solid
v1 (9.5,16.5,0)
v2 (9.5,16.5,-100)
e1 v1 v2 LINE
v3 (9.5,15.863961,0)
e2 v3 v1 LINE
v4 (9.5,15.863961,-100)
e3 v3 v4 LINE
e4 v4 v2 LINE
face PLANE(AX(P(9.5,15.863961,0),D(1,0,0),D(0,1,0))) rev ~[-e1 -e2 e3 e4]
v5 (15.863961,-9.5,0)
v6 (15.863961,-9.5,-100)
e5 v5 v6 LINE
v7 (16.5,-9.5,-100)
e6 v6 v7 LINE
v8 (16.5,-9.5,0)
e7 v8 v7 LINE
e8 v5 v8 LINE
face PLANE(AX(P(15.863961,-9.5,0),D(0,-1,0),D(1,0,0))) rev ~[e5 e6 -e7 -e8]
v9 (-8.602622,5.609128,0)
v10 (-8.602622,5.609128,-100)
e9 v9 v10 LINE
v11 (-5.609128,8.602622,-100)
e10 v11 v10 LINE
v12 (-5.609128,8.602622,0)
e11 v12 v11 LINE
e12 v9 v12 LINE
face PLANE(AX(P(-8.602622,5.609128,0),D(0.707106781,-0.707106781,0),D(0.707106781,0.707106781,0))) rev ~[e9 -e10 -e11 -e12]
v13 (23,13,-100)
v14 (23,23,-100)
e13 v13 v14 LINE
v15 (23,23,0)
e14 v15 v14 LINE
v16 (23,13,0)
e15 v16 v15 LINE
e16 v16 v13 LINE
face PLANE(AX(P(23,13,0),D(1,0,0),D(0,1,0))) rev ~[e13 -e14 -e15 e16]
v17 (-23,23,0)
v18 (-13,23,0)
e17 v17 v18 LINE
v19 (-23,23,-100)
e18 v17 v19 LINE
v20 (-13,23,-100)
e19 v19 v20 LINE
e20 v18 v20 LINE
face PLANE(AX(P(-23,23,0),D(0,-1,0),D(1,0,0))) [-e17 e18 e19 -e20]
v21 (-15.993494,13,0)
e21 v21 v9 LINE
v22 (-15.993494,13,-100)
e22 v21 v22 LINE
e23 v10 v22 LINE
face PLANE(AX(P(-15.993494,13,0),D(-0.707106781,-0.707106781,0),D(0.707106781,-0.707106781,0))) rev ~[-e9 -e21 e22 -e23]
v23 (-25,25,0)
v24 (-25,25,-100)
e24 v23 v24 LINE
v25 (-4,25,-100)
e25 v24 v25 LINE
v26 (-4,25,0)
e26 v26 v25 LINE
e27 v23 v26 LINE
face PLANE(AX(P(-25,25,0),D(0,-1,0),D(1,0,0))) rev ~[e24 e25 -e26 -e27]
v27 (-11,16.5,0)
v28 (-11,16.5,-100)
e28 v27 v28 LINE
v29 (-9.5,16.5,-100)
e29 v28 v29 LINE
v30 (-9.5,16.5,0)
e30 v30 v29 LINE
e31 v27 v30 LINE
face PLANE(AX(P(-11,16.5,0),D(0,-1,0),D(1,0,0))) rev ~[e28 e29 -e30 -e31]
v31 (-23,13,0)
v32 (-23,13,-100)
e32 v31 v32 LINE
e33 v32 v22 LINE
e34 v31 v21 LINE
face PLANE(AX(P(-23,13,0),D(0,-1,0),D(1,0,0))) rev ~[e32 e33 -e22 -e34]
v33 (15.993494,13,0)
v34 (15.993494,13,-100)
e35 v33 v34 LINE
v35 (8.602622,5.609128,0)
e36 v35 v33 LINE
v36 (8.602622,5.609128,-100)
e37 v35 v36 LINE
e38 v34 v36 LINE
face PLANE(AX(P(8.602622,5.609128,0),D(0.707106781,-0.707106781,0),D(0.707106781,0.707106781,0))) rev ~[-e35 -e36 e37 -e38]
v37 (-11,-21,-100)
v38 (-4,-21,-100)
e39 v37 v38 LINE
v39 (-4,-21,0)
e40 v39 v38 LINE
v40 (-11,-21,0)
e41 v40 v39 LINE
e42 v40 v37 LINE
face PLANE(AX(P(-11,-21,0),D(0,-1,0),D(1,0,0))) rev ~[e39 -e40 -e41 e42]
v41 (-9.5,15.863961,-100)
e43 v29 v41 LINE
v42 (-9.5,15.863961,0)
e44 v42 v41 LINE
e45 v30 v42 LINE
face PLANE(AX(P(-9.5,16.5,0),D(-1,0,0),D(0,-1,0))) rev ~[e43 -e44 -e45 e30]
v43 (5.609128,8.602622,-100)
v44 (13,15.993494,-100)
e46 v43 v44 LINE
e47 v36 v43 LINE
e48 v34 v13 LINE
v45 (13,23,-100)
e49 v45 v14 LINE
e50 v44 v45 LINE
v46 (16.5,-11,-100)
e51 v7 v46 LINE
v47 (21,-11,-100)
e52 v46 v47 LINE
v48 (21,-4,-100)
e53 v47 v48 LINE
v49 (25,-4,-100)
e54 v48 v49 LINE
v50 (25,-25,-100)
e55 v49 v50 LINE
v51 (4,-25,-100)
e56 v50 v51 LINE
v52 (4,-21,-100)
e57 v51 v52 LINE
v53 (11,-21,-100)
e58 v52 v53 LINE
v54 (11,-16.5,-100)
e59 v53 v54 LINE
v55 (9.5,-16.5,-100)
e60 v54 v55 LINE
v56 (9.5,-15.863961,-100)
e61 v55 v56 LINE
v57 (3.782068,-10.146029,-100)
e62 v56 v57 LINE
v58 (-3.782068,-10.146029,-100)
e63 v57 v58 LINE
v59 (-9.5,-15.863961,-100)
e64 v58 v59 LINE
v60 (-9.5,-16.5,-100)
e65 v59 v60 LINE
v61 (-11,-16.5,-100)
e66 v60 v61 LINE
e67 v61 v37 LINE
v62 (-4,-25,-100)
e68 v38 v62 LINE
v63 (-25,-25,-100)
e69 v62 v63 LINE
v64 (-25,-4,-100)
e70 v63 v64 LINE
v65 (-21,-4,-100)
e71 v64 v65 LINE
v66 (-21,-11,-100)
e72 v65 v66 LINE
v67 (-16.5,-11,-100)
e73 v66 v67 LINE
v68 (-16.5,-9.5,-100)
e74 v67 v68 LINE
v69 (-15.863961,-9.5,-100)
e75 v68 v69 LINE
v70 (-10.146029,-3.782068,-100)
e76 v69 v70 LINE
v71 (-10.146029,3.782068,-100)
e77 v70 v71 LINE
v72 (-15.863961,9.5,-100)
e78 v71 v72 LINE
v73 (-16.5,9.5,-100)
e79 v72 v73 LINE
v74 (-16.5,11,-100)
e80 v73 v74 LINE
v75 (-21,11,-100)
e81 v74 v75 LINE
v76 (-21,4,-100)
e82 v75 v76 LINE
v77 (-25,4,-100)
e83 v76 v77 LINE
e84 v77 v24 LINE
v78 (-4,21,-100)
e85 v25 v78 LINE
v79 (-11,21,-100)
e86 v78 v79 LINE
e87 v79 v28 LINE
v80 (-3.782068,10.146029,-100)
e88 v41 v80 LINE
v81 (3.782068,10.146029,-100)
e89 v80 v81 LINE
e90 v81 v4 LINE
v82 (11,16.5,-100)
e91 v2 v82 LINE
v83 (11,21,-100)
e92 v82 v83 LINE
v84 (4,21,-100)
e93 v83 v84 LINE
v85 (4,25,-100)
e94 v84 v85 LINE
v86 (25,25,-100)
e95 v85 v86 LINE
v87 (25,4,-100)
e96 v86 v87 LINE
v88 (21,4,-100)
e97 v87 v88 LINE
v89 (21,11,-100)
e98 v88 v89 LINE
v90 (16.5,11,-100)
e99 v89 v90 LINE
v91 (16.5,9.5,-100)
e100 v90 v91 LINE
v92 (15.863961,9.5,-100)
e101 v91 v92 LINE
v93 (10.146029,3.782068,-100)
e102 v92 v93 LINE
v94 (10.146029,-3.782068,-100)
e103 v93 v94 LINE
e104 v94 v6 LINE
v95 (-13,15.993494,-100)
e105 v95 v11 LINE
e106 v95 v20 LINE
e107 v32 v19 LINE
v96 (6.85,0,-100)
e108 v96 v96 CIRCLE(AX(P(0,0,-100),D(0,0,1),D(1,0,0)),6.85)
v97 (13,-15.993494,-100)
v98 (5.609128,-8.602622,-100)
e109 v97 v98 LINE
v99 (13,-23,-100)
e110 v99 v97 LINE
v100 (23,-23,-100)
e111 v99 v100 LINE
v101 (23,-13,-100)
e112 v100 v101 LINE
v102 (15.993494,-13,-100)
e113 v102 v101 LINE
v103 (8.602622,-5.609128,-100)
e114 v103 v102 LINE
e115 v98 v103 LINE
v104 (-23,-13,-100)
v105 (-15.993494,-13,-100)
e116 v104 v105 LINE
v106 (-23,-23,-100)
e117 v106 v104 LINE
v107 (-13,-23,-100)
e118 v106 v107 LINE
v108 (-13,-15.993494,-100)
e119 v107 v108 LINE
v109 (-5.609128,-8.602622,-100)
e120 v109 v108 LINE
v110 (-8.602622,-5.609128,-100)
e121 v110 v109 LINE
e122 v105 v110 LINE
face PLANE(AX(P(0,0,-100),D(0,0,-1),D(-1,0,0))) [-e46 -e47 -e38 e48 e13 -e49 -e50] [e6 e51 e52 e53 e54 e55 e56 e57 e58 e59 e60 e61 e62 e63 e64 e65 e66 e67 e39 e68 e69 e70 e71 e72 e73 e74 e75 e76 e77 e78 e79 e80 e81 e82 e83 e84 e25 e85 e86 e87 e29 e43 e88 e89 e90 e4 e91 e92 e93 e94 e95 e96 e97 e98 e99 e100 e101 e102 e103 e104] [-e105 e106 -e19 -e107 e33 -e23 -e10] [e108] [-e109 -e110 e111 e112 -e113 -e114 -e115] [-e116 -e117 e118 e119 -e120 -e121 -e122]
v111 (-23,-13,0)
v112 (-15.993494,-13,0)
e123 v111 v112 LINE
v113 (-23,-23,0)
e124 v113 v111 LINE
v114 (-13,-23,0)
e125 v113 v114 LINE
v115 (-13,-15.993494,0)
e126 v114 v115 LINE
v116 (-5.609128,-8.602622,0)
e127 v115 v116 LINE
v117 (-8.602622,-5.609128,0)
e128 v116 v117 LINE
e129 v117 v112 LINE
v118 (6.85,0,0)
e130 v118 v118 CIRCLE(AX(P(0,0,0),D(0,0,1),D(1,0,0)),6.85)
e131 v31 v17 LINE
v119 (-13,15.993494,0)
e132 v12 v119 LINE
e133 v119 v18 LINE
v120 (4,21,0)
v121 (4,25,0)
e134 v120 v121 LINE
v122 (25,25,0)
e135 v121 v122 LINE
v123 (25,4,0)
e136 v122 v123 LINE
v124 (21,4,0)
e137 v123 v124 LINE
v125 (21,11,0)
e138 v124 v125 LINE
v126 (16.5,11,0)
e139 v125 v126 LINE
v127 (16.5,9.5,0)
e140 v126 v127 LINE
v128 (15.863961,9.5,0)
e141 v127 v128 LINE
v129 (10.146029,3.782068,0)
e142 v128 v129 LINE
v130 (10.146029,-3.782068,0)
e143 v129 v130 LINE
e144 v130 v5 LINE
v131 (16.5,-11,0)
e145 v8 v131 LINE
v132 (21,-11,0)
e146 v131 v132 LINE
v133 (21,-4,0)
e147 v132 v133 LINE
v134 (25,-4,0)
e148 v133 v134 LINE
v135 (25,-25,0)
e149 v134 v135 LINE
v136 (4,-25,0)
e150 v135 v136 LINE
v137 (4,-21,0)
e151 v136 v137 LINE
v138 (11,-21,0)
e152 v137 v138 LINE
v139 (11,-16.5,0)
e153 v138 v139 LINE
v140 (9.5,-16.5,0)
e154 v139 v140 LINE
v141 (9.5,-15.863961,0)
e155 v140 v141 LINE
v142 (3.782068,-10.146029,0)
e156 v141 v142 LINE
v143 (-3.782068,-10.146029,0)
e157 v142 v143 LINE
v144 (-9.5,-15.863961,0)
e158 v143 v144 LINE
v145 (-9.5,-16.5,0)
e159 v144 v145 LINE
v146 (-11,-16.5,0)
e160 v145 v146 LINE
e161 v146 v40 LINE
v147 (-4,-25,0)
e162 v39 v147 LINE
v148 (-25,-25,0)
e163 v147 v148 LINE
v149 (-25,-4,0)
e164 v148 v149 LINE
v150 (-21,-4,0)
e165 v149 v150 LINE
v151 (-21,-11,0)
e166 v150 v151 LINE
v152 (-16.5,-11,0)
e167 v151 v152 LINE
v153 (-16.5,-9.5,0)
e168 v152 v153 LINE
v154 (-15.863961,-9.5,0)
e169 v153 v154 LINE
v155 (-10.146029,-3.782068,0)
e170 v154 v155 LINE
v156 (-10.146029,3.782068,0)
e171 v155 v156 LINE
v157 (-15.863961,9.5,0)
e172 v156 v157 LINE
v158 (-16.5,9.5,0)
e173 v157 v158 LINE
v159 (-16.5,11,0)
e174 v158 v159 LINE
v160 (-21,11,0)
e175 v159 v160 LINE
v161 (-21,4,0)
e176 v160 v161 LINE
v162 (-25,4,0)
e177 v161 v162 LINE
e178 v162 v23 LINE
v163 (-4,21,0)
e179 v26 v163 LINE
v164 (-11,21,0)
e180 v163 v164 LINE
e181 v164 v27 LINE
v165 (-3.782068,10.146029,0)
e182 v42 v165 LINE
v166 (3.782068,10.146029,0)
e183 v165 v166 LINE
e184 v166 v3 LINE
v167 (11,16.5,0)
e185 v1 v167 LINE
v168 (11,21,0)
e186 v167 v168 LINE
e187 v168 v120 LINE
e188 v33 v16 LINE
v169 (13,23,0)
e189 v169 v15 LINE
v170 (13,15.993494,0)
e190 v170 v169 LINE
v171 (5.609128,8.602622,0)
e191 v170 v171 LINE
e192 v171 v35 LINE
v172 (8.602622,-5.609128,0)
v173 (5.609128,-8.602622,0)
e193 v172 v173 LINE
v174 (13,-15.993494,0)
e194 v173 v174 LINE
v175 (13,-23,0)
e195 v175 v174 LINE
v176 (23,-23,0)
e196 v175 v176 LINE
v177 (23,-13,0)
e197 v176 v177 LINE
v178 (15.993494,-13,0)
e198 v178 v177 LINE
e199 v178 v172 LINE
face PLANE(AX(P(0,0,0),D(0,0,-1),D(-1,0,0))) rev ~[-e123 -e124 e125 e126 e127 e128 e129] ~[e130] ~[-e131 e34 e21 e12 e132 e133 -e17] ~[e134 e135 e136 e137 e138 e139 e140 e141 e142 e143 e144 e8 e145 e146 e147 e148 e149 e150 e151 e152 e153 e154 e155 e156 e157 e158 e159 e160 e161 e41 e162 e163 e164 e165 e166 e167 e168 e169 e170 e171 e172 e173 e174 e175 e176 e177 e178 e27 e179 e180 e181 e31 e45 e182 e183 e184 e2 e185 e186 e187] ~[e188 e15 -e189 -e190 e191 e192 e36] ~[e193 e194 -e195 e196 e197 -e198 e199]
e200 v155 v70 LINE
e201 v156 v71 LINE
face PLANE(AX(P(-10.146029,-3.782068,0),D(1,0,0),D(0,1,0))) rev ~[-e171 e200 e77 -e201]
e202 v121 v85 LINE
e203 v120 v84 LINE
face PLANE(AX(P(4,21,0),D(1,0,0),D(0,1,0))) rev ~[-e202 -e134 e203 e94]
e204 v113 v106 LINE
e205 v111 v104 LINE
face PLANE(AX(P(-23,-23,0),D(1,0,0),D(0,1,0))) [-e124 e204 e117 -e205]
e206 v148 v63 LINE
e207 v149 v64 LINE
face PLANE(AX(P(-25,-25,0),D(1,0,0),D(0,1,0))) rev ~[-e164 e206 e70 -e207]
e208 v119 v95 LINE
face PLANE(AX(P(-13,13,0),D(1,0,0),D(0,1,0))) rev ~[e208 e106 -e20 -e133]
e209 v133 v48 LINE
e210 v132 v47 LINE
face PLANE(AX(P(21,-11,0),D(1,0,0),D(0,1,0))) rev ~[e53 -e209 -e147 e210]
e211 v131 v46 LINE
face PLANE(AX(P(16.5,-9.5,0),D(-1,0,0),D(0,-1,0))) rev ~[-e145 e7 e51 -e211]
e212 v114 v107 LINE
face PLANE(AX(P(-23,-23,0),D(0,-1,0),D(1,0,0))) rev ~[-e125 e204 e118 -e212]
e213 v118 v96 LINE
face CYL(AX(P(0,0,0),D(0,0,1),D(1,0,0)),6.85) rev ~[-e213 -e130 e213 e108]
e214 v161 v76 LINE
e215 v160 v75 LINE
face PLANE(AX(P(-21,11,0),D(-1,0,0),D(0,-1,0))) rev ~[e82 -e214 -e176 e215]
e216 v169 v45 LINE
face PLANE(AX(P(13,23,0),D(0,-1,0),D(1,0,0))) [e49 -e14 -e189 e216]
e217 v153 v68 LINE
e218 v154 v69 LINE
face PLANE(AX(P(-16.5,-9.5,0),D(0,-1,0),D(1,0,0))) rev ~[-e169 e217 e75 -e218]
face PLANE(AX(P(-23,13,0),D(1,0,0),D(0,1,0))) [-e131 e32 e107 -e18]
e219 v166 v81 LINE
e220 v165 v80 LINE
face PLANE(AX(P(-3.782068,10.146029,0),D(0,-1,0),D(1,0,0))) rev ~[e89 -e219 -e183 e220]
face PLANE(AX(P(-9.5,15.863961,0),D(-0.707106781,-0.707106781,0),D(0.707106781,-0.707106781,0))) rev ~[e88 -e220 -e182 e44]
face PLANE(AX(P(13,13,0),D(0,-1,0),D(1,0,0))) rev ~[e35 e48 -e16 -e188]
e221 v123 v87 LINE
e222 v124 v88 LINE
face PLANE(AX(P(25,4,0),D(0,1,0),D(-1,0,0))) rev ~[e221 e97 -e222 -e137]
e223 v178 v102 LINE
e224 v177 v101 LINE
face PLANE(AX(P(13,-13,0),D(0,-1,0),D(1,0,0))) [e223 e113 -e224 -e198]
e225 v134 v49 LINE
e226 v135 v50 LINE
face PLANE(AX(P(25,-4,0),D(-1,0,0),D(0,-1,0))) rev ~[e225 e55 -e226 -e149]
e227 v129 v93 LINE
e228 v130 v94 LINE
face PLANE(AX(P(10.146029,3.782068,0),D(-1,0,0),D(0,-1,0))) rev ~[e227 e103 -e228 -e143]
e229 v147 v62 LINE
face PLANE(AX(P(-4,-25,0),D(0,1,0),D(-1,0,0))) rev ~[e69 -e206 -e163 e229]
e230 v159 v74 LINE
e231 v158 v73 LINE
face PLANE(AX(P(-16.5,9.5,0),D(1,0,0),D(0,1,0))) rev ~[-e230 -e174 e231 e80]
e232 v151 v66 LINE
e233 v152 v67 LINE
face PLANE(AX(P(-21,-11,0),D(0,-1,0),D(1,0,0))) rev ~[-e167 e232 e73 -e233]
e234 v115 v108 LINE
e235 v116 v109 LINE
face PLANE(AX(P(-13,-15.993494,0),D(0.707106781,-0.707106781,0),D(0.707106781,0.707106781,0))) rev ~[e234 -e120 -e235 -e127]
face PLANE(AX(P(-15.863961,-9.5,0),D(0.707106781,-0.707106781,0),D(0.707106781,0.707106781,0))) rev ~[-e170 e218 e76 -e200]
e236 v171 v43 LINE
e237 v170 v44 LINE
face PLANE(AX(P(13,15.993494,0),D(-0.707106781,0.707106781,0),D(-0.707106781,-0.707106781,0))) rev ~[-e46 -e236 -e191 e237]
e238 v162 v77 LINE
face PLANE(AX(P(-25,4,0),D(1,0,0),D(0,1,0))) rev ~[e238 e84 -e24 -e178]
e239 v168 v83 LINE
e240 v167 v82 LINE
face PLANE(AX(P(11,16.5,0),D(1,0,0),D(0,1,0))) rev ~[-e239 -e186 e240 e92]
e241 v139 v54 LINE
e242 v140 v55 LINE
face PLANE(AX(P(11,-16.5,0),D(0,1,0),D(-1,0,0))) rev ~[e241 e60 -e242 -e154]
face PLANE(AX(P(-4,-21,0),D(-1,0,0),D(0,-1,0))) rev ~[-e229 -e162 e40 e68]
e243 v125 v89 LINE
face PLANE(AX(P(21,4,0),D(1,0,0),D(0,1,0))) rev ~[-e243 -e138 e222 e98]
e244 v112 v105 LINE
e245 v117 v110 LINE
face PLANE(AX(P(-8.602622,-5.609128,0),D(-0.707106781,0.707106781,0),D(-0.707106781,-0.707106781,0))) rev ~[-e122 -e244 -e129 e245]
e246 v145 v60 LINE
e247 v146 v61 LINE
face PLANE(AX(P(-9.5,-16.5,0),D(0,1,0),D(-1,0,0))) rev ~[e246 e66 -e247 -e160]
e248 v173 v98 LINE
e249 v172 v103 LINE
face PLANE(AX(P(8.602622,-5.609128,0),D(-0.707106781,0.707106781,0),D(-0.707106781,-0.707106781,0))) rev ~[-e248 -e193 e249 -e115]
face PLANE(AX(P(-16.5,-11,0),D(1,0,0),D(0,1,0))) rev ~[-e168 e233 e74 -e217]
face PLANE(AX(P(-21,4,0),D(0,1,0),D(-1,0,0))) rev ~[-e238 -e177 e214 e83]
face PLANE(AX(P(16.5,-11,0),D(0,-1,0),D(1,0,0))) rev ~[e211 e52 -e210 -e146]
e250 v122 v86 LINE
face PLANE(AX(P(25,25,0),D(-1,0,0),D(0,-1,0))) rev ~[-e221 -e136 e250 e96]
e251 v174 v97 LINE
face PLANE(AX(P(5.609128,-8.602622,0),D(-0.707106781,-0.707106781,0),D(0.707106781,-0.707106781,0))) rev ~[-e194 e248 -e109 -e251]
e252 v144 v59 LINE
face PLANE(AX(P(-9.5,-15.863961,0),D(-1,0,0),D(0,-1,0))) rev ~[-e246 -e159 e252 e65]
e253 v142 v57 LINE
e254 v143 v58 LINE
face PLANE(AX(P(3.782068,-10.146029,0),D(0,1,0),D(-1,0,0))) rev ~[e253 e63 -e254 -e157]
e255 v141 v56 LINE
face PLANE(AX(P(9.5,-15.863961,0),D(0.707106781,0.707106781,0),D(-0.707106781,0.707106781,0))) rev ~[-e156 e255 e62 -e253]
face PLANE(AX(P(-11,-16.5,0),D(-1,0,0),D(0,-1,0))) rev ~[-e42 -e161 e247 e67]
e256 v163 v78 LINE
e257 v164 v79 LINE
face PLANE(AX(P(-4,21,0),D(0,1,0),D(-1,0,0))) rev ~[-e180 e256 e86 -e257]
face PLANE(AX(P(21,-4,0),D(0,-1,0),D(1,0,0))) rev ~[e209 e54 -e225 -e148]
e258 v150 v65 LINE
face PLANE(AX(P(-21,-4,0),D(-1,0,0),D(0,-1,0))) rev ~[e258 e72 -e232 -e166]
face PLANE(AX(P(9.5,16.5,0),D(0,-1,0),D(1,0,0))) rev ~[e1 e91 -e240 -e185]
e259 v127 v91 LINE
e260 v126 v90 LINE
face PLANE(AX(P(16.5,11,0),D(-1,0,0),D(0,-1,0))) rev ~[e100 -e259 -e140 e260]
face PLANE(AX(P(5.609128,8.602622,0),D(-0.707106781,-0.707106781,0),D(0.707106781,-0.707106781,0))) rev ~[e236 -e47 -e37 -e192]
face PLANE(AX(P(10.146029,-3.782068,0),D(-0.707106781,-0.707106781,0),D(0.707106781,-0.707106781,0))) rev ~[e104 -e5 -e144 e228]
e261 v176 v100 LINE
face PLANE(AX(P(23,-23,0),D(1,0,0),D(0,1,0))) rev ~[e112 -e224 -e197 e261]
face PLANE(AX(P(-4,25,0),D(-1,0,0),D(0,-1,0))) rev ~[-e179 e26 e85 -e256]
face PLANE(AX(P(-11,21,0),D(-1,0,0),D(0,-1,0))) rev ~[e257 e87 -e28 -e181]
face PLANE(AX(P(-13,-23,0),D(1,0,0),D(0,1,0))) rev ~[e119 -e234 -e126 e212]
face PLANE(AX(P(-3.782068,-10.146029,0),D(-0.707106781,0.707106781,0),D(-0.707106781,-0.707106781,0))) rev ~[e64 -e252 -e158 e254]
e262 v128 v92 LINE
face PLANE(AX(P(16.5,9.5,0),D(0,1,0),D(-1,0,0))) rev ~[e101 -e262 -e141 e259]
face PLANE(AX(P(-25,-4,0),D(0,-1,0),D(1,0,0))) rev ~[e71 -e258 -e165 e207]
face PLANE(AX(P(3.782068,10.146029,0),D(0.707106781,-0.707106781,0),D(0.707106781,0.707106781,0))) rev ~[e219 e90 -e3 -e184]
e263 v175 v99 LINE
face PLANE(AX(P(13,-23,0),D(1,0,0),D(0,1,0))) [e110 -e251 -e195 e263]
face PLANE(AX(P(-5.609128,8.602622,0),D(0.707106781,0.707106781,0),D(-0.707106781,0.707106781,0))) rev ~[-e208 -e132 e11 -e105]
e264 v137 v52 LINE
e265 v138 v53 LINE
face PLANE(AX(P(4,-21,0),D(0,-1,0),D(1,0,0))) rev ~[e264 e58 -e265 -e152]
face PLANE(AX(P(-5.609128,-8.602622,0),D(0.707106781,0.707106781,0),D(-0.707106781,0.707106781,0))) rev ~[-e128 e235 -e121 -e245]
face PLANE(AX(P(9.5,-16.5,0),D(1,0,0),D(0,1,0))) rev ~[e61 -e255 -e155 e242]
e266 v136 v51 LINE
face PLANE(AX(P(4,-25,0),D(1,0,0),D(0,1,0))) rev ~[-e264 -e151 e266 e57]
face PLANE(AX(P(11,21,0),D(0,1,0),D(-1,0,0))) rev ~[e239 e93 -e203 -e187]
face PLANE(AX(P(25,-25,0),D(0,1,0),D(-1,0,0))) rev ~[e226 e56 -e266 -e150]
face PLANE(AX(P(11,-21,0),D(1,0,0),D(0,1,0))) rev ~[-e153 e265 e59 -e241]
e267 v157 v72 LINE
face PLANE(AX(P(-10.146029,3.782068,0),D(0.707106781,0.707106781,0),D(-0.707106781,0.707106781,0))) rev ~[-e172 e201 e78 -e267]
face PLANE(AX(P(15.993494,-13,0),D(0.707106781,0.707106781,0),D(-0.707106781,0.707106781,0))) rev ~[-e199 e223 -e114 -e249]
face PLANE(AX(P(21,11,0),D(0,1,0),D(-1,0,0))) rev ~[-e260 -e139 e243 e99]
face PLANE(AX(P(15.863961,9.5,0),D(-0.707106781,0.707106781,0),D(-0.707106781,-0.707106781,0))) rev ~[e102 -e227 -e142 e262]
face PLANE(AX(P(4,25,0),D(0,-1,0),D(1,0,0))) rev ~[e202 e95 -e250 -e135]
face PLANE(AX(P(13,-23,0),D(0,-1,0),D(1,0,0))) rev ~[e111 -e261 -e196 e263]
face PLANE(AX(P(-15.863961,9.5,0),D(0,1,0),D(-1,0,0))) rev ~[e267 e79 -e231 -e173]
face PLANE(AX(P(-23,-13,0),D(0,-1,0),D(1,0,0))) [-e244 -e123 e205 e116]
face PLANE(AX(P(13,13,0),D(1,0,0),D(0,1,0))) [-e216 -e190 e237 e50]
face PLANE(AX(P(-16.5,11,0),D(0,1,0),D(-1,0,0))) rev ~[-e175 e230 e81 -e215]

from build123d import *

# Parameters (mm, degrees)
SKETCH_A01_1_R     = 6.85
SKETCH_A01_1_W     = 10
SKETCH_A01_1_H     = 10
EXTRUDE1_DEPTH     = 100
CUT_EXTRUDE1_DEPTH = 101
CIRPATTERN1_COUNT  = 4


with BuildPart() as part:
    # Sketch A01-1 → Extrude1 (new body)
    with BuildSketch(Plane.XY):
        Polygon((-16.5, -11), (-16.5, -9.5), (-15.863961, -9.5), (-10.14602885, -3.78206785), (-10.14602885, 3.78206785), (-15.863961, 9.5), (-16.5, 9.5), (-16.5, 11), (-21, 11), (-21, 4), (-25, 4), (-25, 25), (-4, 25), (-4, 21), (-11, 21), (-11, 16.5), (-9.5, 16.5), (-9.5, 15.863961), (-3.78206785, 10.14602885), (3.78206785, 10.14602885), (9.5, 15.863961), (9.5, 16.5), (11, 16.5), (11, 21), (4, 21), (4, 25), (25, 25), (25, 4), (21, 4), (21, 11), (16.5, 11), (16.5, 9.5), (15.863961, 9.5), (10.14602885, 3.78206785), (10.14602885, -3.78206785), (15.863961, -9.5), (16.5, -9.5), (16.5, -11), (21, -11), (21, -4), (25, -4), (25, -25), (4, -25), (4, -21), (11, -21), (11, -16.5), (9.5, -16.5), (9.5, -15.863961), (3.78206785, -10.14602885), (-3.78206785, -10.14602885), (-9.5, -15.863961), (-9.5, -16.5), (-11, -16.5), (-11, -21), (-4, -21), (-4, -25), (-25, -25), (-25, -4), (-21, -4), (-21, -11), align=None)
        Circle(SKETCH_A01_1_R, mode=Mode.SUBTRACT)
        with Locations((-18, -18)):
            Rectangle(SKETCH_A01_1_W, SKETCH_A01_1_H, mode=Mode.SUBTRACT)
        with Locations((18, -18)):
            Rectangle(SKETCH_A01_1_W, SKETCH_A01_1_H, mode=Mode.SUBTRACT)
        with Locations((-18, 18)):
            Rectangle(SKETCH_A01_1_W, SKETCH_A01_1_H, mode=Mode.SUBTRACT)
        with Locations((18, 18)):
            Rectangle(SKETCH_A01_1_W, SKETCH_A01_1_H, mode=Mode.SUBTRACT)
    extrude(amount=-EXTRUDE1_DEPTH)

    # Sketch1 → Cut-Extrude1 (cut, through all)
    with BuildSketch(Plane.XY):
        Polygon((-15.993494496, 13), (-8.602622103, 5.609127607), (-5.609127607, 8.602622103), (-13, 15.993494496), align=None)
    cut_extrude1 = extrude(amount=-CUT_EXTRUDE1_DEPTH, mode=Mode.SUBTRACT)

    # CirPattern1: Cut-Extrude1 ×4 about axis
    cirpattern1_axis = Axis((0, 0, 0), (0, 0, 1))
    for i in range(1, CIRPATTERN1_COUNT):
        add(cut_extrude1.rotate(cirpattern1_axis, i * 360 / CIRPATTERN1_COUNT), mode=Mode.SUBTRACT)


solid = part.part
